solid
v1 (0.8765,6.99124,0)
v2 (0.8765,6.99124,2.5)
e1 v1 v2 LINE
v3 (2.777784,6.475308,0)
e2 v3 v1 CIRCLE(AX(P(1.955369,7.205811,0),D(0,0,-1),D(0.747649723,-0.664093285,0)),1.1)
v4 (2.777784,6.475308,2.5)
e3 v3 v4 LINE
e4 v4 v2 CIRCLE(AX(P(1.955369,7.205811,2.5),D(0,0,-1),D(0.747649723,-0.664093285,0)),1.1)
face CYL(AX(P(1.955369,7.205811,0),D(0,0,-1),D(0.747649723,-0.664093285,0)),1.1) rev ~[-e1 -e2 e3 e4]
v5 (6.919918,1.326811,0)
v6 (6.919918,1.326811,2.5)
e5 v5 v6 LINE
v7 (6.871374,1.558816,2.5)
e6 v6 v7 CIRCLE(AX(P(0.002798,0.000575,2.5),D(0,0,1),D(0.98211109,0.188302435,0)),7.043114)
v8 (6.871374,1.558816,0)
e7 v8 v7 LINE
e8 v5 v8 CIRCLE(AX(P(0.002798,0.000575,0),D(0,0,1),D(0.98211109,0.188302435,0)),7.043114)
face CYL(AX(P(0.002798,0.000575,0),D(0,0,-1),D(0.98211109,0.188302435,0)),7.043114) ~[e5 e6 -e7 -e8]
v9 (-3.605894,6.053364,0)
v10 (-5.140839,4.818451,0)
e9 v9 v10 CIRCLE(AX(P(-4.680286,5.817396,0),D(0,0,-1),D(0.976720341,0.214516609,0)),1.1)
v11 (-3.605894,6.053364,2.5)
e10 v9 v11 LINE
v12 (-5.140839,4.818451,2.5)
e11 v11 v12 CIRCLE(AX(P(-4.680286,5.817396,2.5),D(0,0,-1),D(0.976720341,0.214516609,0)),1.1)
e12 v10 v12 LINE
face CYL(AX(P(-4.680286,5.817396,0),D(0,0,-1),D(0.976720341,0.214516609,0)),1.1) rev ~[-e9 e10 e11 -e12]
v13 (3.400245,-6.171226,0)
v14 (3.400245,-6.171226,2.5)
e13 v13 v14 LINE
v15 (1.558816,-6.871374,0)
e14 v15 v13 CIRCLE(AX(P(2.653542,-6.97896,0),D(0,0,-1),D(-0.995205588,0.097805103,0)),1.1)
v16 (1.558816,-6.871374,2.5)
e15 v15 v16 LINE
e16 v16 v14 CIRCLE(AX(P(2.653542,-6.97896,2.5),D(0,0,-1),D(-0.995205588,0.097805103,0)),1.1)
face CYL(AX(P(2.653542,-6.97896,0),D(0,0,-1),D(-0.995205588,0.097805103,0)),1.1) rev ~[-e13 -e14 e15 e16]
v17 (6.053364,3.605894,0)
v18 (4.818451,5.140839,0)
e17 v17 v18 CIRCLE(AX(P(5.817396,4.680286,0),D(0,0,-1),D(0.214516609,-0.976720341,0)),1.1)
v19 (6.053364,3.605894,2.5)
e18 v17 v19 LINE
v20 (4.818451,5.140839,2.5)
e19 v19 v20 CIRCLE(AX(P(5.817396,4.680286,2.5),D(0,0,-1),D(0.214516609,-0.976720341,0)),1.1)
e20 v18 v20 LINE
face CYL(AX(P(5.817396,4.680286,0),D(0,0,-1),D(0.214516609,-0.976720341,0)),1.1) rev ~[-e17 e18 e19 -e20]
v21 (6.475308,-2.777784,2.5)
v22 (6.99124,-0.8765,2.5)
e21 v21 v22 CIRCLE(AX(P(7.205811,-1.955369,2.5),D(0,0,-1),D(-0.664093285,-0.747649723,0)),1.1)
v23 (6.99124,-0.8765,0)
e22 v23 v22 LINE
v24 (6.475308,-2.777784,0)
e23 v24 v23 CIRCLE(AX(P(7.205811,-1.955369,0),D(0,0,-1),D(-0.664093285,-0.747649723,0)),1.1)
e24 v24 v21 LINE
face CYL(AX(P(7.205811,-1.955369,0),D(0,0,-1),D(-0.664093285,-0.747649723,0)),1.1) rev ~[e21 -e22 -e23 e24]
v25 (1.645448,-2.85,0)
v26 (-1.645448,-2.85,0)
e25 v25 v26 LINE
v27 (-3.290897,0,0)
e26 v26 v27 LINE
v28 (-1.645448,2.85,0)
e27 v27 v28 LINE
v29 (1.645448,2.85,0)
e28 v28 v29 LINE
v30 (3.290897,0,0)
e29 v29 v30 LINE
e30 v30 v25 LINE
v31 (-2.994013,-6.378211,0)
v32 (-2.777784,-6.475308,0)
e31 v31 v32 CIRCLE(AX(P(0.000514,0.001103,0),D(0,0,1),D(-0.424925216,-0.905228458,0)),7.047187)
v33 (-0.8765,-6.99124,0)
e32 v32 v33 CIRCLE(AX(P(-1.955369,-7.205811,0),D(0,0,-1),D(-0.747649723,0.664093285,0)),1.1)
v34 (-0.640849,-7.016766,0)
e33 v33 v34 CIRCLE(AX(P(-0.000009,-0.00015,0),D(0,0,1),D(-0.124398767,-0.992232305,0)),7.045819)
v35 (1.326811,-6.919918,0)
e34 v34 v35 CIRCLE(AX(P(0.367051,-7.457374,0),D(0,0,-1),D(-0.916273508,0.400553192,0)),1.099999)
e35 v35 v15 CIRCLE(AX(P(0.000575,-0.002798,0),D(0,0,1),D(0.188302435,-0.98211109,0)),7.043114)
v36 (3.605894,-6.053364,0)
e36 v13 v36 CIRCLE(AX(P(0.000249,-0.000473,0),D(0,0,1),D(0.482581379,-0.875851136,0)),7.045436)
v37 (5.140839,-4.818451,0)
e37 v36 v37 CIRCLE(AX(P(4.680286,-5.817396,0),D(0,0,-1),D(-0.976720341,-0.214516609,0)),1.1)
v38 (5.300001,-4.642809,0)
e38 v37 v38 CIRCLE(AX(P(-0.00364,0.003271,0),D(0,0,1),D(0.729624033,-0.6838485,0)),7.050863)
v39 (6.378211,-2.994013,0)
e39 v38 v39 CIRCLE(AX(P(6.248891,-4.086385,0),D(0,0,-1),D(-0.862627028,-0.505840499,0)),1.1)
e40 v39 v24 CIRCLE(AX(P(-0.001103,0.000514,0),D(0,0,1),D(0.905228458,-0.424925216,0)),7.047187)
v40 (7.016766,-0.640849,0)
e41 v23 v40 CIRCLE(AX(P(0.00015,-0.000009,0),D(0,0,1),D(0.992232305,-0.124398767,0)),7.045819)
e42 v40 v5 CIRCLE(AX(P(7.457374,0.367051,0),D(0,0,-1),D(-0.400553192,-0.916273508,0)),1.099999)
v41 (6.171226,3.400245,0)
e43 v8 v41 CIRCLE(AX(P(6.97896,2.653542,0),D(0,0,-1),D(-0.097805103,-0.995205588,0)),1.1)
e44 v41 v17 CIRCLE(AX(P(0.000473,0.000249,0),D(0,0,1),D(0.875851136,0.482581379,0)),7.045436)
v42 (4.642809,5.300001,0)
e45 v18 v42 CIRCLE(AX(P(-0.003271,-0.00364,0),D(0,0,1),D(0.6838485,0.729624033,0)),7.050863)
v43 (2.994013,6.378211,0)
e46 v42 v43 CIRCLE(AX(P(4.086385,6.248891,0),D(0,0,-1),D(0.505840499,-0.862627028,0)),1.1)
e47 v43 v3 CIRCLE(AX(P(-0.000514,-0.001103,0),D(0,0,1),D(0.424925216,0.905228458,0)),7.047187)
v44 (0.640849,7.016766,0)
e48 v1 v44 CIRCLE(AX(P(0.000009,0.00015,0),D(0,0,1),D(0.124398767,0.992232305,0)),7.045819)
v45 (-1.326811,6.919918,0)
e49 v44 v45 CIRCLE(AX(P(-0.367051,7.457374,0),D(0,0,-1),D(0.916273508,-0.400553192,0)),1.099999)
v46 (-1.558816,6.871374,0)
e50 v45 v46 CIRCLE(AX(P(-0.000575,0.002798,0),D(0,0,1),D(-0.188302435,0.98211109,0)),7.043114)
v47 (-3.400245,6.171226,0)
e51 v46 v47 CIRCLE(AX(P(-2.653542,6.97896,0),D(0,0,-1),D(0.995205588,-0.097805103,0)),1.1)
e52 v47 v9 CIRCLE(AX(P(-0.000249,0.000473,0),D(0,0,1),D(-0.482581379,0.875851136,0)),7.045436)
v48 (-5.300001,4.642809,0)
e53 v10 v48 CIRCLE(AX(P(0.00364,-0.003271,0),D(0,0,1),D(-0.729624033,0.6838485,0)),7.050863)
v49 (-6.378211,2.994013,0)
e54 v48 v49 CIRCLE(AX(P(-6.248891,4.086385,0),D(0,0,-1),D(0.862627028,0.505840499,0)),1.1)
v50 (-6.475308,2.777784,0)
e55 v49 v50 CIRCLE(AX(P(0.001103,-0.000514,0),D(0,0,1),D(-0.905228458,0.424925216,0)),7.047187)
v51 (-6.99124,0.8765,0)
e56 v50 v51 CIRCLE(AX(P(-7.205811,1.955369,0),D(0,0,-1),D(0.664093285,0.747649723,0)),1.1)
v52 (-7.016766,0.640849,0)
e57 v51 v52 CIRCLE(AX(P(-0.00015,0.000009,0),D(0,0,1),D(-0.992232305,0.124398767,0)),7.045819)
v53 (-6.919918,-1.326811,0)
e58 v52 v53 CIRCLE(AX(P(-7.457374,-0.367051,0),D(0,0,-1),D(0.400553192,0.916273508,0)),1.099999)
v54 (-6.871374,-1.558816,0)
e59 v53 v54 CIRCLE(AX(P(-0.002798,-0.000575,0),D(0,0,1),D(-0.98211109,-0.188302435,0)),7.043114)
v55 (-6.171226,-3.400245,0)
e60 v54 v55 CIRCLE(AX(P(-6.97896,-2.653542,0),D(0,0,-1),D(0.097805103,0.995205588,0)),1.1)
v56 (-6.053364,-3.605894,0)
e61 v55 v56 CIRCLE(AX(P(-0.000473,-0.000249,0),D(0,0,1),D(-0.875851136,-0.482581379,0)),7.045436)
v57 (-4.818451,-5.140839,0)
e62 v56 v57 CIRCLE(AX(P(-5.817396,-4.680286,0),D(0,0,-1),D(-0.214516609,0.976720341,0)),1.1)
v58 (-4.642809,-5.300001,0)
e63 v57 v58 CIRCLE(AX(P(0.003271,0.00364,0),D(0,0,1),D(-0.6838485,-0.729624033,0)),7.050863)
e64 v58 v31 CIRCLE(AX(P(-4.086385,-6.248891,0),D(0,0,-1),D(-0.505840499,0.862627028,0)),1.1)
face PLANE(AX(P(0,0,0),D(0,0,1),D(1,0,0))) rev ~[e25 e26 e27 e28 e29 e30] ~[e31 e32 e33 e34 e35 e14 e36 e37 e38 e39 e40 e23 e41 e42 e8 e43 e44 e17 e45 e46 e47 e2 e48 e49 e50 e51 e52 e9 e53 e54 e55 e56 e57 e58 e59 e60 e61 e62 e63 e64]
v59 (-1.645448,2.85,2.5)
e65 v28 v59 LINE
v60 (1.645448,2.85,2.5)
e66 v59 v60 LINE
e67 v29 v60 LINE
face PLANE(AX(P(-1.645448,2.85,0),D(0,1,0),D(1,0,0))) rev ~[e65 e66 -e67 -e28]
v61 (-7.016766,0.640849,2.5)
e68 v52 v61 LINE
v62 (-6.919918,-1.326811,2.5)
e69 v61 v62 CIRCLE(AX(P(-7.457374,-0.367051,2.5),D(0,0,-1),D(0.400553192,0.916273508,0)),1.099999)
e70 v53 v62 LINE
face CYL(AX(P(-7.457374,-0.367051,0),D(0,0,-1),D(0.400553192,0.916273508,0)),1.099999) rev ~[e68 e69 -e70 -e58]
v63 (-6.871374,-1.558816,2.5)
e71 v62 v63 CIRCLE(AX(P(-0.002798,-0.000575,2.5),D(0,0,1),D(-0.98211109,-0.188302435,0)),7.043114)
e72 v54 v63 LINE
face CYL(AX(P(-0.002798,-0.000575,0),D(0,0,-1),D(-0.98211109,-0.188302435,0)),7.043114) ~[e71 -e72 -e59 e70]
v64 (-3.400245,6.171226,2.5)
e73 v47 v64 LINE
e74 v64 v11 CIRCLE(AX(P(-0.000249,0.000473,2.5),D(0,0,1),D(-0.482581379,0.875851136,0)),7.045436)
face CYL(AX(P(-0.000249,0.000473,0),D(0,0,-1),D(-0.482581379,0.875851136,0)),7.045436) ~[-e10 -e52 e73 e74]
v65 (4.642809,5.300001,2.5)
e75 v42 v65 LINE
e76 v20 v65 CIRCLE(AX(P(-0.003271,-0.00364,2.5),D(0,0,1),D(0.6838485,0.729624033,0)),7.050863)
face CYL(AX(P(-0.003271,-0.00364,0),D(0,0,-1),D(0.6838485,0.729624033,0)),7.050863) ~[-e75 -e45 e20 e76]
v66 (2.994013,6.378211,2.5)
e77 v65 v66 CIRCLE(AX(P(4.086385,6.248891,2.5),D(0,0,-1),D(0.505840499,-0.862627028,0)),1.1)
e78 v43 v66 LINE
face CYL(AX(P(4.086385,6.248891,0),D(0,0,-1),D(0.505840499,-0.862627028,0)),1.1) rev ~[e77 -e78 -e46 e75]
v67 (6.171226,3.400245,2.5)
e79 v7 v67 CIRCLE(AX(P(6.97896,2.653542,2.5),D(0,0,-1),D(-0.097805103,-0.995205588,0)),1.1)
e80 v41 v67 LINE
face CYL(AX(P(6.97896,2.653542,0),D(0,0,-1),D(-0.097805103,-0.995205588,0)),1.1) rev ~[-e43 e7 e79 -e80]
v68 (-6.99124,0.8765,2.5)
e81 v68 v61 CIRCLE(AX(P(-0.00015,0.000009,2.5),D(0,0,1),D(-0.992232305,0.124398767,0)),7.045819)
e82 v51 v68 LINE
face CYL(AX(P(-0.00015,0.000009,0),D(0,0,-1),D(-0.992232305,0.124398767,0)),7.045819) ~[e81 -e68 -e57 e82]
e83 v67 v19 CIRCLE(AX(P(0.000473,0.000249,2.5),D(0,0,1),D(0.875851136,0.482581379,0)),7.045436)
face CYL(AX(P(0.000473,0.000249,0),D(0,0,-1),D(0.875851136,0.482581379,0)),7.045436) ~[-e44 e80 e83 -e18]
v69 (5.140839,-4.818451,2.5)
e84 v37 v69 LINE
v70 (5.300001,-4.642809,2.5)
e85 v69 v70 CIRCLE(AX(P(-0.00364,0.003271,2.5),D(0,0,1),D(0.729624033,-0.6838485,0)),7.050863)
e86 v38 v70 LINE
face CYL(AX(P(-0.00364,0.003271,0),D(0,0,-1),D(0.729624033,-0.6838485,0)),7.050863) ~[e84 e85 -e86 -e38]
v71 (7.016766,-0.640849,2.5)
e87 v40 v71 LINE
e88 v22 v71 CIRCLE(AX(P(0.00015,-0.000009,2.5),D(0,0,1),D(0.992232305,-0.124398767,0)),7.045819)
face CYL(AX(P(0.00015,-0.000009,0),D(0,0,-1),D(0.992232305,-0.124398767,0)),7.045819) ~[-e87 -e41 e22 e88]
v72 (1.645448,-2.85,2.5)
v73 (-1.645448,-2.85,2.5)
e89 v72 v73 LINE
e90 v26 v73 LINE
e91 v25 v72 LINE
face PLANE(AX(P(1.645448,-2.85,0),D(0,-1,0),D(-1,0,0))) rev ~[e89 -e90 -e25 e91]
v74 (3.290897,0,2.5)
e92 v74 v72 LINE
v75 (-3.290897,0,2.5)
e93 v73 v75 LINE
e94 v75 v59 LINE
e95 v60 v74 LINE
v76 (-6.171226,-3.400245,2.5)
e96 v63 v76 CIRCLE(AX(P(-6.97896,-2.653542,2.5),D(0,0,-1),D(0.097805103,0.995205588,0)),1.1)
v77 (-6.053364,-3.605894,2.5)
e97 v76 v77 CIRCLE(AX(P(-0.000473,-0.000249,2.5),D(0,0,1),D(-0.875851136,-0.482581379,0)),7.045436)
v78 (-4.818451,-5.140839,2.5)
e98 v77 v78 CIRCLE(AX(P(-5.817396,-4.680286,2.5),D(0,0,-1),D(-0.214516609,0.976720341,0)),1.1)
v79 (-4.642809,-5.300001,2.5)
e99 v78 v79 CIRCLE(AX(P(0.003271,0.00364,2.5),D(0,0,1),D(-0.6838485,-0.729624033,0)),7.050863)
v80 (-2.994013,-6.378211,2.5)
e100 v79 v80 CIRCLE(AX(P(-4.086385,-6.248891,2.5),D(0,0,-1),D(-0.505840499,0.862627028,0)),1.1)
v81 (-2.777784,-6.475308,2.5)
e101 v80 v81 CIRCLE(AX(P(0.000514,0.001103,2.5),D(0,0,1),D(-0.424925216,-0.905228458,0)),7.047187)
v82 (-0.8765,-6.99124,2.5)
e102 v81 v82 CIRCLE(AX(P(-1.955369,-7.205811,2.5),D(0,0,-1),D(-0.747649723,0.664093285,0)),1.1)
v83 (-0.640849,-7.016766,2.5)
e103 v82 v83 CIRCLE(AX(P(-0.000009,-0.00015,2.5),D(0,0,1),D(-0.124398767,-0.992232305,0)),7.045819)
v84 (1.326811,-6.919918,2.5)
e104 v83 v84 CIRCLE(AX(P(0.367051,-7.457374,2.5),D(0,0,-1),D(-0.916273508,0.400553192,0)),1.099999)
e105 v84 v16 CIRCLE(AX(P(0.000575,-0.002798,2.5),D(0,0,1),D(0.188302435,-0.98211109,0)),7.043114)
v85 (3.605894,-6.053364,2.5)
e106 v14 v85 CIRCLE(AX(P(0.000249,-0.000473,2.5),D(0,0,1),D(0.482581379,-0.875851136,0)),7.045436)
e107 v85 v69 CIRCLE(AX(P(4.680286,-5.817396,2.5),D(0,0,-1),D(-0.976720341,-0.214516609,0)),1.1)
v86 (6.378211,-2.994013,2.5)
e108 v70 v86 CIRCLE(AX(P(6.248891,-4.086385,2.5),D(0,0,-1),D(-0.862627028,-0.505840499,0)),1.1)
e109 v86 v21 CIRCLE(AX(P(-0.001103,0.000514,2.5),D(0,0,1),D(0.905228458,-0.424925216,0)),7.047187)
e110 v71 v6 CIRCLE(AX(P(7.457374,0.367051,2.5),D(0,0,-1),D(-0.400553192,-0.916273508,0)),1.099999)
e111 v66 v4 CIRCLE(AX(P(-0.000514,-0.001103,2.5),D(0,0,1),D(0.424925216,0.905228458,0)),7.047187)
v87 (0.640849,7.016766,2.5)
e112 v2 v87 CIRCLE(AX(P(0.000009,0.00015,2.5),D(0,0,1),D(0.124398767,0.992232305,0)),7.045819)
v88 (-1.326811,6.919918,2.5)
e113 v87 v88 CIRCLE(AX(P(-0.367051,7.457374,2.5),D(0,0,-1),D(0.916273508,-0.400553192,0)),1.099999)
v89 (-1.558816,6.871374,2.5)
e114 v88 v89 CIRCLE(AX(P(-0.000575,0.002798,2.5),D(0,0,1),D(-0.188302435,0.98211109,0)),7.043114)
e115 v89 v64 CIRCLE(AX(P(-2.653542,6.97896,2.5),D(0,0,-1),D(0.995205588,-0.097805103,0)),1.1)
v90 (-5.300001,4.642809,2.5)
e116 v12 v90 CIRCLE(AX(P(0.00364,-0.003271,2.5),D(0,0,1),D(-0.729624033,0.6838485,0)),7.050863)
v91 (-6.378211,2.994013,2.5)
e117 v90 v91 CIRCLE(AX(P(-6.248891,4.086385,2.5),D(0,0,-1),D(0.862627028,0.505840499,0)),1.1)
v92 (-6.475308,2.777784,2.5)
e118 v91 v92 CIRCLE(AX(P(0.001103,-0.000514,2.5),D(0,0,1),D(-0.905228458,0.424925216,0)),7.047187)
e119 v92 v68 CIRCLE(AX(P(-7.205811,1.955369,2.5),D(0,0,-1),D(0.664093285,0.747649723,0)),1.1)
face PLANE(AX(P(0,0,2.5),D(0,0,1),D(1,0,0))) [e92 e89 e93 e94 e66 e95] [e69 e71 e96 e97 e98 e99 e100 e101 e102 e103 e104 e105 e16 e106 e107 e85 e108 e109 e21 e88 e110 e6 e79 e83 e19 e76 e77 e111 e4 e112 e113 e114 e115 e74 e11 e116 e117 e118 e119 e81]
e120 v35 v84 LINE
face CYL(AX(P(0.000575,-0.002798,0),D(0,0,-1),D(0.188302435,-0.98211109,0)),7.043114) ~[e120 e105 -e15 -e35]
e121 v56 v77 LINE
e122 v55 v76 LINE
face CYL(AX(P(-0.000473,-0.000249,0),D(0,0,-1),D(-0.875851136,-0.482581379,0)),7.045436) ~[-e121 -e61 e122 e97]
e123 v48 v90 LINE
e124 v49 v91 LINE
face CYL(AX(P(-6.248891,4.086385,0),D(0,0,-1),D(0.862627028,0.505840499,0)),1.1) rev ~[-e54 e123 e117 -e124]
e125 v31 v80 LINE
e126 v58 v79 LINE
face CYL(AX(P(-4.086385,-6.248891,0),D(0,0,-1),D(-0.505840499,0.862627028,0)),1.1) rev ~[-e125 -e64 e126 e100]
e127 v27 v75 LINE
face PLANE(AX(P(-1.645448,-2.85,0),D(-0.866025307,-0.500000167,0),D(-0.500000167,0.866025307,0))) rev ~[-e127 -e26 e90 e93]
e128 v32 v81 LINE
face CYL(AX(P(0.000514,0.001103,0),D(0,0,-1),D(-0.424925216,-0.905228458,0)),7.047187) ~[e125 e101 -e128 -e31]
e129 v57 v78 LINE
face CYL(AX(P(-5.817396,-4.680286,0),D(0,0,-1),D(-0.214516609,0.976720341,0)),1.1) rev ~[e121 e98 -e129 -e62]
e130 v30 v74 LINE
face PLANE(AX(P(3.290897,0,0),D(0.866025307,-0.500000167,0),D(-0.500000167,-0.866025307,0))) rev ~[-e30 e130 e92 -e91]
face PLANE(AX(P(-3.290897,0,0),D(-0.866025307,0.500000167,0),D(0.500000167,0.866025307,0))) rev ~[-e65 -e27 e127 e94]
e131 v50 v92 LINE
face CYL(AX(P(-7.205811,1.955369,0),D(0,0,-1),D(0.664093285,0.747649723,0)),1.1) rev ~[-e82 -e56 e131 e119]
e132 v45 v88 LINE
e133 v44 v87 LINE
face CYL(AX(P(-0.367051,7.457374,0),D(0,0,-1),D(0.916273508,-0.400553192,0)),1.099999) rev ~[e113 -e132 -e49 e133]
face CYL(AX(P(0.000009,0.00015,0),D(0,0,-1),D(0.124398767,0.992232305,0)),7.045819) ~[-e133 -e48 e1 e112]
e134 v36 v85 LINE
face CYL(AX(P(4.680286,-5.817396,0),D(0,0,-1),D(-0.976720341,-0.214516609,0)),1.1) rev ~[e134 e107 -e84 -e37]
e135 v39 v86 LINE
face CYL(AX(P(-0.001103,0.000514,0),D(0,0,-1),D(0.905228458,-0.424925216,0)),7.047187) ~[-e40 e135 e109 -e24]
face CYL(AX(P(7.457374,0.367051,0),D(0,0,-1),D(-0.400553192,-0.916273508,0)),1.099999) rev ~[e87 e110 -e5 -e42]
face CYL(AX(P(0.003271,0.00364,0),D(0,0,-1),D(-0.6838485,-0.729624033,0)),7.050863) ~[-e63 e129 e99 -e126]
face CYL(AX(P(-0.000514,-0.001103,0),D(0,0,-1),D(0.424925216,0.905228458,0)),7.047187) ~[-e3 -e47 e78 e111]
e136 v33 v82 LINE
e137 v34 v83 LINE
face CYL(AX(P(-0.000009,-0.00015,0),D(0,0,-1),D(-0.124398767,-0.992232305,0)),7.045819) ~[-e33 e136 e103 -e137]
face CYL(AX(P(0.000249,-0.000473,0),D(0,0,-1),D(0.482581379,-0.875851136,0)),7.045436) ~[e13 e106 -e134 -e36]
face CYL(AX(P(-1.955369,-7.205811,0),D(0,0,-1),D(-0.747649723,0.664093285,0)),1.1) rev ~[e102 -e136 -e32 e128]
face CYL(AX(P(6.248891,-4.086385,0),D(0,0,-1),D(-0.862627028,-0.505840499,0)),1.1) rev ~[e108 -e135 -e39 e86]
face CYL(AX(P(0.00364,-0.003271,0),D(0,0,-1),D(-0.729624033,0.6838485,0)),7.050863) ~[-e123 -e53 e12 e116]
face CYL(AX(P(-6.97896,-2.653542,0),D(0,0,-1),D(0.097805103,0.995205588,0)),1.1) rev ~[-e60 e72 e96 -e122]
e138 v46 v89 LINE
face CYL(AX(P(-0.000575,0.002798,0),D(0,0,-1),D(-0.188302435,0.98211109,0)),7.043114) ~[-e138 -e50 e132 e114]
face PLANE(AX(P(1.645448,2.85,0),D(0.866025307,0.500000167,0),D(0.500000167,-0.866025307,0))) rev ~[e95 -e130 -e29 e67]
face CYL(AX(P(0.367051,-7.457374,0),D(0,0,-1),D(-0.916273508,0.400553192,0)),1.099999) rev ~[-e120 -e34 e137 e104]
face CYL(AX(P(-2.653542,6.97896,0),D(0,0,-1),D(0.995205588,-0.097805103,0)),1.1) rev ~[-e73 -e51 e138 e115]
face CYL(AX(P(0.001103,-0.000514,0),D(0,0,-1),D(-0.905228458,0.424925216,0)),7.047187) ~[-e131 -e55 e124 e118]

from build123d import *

# Parameters (mm, degrees)
F1_DEPTH = 2.5


with BuildPart() as f1:
    # F0 (on Top) → F1 (new body)
    with BuildSketch(Plane.XY):
        with BuildLine():
            ThreePointArc((-5.300001, 4.642809), (-5.328263, 3.484351), (-6.378211, 2.994013))
            ThreePointArc((-6.378211, 2.994013), (-6.427669, 2.886306), (-6.475308, 2.777784))
            ThreePointArc((-6.475308, 2.777784), (-6.144203, 1.667291), (-6.99124, 0.8765))
            ThreePointArc((-6.99124, 0.8765), (-7.004994, 0.758782), (-7.016766, 0.640849))
            ThreePointArc((-7.016766, 0.640849), (-6.358705, -0.312975), (-6.919918, -1.326811))
            ThreePointArc((-6.919918, -1.326811), (-6.896622, -1.443018), (-6.871374, -1.558816))
            ThreePointArc((-6.871374, -1.558816), (-5.950773, -2.262605), (-6.171226, -3.400245))
            ThreePointArc((-6.171226, -3.400245), (-6.11316, -3.503565), (-6.053364, -3.605894))
            ThreePointArc((-6.053364, -3.605894), (-4.960339, -3.990755), (-4.818451, -5.140839))
            ThreePointArc((-4.818451, -5.140839), (-4.731299, -5.221158), (-4.642809, -5.300001))
            ThreePointArc((-4.642809, -5.300001), (-3.484351, -5.328263), (-2.994013, -6.378211))
            ThreePointArc((-2.994013, -6.378211), (-2.886306, -6.427669), (-2.777784, -6.475308))
            ThreePointArc((-2.777784, -6.475308), (-1.667291, -6.144203), (-0.8765, -6.99124))
            ThreePointArc((-0.8765, -6.99124), (-0.758782, -7.004994), (-0.640849, -7.016766))
            ThreePointArc((-0.640849, -7.016766), (0.312975, -6.358705), (1.326811, -6.919918))
            ThreePointArc((1.326811, -6.919918), (1.443018, -6.896622), (1.558816, -6.871374))
            ThreePointArc((1.558816, -6.871374), (2.262605, -5.950773), (3.400245, -6.171226))
            ThreePointArc((3.400245, -6.171226), (3.503565, -6.11316), (3.605894, -6.053364))
            ThreePointArc((3.605894, -6.053364), (3.990755, -4.960339), (5.140839, -4.818451))
            ThreePointArc((5.140839, -4.818451), (5.221158, -4.731299), (5.300001, -4.642809))
            ThreePointArc((5.300001, -4.642809), (5.328263, -3.484351), (6.378211, -2.994013))
            ThreePointArc((6.378211, -2.994013), (6.427669, -2.886306), (6.475308, -2.777784))
            ThreePointArc((6.475308, -2.777784), (6.144203, -1.667291), (6.99124, -0.8765))
            ThreePointArc((6.99124, -0.8765), (7.004994, -0.758782), (7.016766, -0.640849))
            ThreePointArc((7.016766, -0.640849), (6.358705, 0.312975), (6.919918, 1.326811))
            ThreePointArc((6.919918, 1.326811), (6.896622, 1.443018), (6.871374, 1.558816))
            ThreePointArc((6.871374, 1.558816), (5.950773, 2.262605), (6.171226, 3.400245))
            ThreePointArc((6.171226, 3.400245), (6.11316, 3.503565), (6.053364, 3.605894))
            ThreePointArc((6.053364, 3.605894), (4.960339, 3.990755), (4.818451, 5.140839))
            ThreePointArc((4.818451, 5.140839), (4.731299, 5.221158), (4.642809, 5.300001))
            ThreePointArc((4.642809, 5.300001), (3.484351, 5.328263), (2.994013, 6.378211))
            ThreePointArc((2.994013, 6.378211), (2.886306, 6.427669), (2.777784, 6.475308))
            ThreePointArc((2.777784, 6.475308), (1.667291, 6.144203), (0.8765, 6.99124))
            ThreePointArc((0.8765, 6.99124), (0.758782, 7.004994), (0.640849, 7.016766))
            ThreePointArc((0.640849, 7.016766), (-0.312975, 6.358705), (-1.326811, 6.919918))
            ThreePointArc((-1.326811, 6.919918), (-1.443018, 6.896622), (-1.558816, 6.871374))
            ThreePointArc((-1.558816, 6.871374), (-2.262605, 5.950773), (-3.400245, 6.171226))
            ThreePointArc((-3.400245, 6.171226), (-3.503565, 6.11316), (-3.605894, 6.053364))
            ThreePointArc((-3.605894, 6.053364), (-3.990755, 4.960339), (-5.140839, 4.818451))
            ThreePointArc((-5.140839, 4.818451), (-5.221158, 4.731299), (-5.300001, 4.642809))
        make_face()
        Polygon((-3.290897, 0), (-1.645448, 2.85), (1.645448, 2.85), (3.290897, 0), (1.645448, -2.85), (-1.645448, -2.85), align=None, mode=Mode.SUBTRACT)
    extrude(amount=F1_DEPTH)


solid = f1.part
